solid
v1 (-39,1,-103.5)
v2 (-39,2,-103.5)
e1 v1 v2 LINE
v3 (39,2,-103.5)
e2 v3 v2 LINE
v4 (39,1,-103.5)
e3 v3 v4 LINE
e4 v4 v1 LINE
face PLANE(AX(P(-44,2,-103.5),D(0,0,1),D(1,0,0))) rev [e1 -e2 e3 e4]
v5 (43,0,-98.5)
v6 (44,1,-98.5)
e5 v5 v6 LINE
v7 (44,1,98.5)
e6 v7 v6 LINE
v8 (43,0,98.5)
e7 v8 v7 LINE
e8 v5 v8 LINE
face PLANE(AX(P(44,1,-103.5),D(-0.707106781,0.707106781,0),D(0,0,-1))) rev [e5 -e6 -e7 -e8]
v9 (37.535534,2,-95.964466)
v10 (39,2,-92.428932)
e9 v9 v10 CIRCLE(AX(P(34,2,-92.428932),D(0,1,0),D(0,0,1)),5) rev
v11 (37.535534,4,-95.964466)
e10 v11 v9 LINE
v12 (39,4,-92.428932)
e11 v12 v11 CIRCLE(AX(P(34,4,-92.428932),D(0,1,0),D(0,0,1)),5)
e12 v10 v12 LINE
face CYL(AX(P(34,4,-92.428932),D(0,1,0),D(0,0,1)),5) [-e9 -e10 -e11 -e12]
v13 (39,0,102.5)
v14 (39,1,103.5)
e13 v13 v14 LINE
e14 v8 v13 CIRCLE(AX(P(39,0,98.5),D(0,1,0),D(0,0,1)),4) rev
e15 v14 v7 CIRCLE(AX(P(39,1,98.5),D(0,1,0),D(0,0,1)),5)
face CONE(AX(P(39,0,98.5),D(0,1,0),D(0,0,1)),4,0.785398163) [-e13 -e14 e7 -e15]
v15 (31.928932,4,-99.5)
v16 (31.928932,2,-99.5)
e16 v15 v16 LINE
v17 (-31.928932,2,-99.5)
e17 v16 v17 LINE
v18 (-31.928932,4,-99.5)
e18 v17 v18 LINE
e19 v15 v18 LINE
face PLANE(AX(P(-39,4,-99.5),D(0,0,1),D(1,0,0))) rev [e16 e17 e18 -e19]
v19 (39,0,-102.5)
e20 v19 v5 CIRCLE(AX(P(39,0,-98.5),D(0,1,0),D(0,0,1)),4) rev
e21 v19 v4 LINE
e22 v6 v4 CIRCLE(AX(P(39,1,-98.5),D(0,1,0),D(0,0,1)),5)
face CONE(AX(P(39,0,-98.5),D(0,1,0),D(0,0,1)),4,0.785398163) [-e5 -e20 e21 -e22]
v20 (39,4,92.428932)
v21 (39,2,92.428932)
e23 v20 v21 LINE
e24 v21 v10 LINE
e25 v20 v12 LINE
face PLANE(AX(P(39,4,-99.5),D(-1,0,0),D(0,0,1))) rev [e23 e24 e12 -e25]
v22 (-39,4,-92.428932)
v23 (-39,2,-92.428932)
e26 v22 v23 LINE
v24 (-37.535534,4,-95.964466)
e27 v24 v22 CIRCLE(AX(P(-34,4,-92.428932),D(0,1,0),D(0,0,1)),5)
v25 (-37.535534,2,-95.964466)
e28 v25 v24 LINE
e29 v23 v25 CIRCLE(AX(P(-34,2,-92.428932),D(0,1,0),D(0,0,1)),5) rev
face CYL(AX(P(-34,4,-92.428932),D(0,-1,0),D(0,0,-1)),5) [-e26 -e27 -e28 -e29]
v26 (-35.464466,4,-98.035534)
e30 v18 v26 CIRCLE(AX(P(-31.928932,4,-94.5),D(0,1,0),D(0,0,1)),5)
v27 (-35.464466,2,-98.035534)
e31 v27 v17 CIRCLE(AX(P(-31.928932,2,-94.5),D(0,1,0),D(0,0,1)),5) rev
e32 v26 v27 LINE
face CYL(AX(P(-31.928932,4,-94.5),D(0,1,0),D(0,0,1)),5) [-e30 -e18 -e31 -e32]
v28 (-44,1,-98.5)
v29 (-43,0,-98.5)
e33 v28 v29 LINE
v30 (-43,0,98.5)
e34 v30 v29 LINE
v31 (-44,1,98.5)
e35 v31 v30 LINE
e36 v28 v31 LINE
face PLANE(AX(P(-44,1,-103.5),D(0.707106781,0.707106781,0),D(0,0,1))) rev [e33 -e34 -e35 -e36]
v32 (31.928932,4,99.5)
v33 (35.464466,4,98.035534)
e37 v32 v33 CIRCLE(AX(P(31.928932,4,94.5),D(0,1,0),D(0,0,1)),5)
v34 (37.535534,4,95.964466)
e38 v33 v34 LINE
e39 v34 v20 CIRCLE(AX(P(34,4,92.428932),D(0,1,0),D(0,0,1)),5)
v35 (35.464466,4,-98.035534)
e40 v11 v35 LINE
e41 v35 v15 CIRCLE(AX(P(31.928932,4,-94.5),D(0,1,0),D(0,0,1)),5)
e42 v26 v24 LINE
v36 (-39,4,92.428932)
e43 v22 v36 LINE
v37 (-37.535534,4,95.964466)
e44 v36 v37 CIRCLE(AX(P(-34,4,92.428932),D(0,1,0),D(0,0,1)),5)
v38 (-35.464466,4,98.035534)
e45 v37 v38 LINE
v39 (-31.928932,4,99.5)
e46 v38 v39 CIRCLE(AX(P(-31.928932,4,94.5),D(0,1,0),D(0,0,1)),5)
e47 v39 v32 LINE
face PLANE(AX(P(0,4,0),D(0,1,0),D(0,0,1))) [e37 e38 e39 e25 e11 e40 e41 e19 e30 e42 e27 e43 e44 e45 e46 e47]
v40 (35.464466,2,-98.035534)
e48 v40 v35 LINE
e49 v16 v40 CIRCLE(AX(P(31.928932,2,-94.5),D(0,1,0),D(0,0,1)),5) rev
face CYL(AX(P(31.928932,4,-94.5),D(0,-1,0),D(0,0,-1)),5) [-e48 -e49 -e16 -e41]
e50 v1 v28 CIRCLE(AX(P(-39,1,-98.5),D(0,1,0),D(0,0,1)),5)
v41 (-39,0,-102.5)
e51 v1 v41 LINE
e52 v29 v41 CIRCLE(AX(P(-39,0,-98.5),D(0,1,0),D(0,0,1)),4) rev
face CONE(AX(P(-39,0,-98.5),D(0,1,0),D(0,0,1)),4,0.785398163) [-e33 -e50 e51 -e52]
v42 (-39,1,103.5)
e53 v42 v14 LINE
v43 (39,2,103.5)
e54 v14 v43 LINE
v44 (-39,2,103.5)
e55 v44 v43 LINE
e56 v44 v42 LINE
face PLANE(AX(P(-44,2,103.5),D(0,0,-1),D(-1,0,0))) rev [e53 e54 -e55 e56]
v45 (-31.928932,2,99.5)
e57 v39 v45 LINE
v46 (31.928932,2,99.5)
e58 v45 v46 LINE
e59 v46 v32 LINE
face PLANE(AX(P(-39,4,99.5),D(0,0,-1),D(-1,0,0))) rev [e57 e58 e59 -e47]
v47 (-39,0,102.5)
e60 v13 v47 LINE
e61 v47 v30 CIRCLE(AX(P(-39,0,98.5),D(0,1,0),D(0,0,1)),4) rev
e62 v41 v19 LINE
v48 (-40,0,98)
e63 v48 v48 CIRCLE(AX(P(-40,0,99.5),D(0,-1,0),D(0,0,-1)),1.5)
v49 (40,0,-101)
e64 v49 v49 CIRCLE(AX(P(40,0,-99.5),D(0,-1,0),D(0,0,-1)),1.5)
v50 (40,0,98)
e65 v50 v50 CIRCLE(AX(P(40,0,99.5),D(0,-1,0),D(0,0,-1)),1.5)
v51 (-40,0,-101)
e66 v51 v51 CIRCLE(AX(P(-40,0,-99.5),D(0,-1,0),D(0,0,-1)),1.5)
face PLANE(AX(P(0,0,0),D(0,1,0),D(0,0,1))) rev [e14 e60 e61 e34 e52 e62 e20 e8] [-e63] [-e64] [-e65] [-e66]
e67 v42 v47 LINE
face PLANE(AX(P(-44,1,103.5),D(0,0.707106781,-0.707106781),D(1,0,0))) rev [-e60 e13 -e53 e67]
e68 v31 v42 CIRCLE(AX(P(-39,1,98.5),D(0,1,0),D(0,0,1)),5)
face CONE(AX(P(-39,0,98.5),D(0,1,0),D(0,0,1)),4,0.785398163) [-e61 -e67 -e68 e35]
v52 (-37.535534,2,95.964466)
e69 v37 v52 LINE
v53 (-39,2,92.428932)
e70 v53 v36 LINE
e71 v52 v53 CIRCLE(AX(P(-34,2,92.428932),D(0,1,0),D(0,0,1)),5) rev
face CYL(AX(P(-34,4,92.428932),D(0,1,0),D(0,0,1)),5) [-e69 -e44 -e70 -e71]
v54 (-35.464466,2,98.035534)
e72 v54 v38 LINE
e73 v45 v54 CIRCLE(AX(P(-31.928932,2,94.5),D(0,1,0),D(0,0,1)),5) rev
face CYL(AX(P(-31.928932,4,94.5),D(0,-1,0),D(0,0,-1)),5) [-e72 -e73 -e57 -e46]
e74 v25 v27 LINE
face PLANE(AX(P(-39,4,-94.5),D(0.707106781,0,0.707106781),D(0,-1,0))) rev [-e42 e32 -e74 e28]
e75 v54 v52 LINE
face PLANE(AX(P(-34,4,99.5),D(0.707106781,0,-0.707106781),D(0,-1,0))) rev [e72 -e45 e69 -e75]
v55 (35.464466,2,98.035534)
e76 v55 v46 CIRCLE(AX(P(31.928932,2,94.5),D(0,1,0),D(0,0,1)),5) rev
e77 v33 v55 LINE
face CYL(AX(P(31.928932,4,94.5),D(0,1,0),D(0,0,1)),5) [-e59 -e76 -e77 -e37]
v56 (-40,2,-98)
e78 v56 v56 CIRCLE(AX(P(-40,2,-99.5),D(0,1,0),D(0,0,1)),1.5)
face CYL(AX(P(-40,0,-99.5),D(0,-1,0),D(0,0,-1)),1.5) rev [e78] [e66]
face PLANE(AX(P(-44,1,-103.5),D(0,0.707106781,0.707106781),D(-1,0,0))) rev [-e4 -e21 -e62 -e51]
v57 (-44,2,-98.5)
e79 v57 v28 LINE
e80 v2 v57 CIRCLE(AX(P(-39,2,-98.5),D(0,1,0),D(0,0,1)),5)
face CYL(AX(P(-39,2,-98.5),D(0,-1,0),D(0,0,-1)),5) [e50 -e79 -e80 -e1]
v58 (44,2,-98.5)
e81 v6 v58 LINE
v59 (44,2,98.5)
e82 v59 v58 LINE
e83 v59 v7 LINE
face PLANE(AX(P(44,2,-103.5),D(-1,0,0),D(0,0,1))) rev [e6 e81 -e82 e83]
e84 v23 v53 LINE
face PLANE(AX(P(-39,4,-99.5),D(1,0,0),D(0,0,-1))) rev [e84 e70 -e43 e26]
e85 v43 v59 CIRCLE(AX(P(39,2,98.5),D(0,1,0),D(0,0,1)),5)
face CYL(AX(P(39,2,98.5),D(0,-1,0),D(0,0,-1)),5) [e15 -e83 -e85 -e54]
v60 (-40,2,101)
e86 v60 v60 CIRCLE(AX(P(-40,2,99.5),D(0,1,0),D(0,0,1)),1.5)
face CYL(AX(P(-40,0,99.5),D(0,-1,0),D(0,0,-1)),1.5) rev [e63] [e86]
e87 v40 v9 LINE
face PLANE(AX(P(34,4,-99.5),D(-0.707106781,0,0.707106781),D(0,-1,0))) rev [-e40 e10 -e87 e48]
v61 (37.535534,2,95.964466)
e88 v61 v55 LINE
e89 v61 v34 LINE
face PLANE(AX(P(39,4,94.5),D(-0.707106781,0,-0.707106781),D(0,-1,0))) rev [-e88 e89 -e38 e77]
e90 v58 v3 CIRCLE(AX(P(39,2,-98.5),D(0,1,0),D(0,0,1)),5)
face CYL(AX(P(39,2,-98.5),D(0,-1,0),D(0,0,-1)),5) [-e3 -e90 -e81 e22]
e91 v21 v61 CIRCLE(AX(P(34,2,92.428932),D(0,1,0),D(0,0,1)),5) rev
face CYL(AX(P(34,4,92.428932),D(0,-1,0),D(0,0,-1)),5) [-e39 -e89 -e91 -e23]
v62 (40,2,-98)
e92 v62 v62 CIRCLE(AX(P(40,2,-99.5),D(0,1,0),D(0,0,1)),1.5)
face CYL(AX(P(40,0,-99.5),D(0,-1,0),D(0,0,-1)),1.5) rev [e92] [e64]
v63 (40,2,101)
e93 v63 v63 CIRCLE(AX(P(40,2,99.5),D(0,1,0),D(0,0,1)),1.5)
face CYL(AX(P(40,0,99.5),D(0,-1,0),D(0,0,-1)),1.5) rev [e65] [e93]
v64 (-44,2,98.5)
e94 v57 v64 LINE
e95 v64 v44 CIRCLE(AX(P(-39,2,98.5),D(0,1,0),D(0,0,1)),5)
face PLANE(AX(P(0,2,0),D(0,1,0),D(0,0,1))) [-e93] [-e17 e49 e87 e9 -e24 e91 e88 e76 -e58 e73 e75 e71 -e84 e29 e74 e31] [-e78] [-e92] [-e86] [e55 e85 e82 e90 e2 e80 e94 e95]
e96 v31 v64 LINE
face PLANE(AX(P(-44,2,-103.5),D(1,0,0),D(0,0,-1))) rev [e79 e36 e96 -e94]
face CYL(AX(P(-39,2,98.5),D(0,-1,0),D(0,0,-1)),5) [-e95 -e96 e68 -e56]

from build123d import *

# Parameters (mm, degrees)
SKETCH1_W                 = 88
SKETCH1_H                 = 207
BOSS_EXTRUDE1_DEPTH       = 2
SKETCH2_W                 = 78
SKETCH2_H                 = 199
BOSS_EXTRUDE2_DEPTH       = 2
CHAMFER1_SIZE             = 5
FILLET1_R                 = 5
F_3_0MM_DOWEL_HOLE1_D     = 3
F_3_0MM_DOWEL_HOLE1_DEPTH = 17.29
F_3_0MM_DOWEL_HOLE1_TIP   = 0.901290929
CHAMFER2_SIZE             = 1


with BuildPart() as part:
    # Sketch1 → Boss-Extrude1 (new body)
    with BuildSketch(Plane(origin=(0, 0, 0), x_dir=(1, 0, 0), z_dir=(0, 1, 0))):
        Rectangle(SKETCH1_W, SKETCH1_H)
    extrude(amount=BOSS_EXTRUDE1_DEPTH)

    # Sketch2 → Boss-Extrude2 (add)
    with BuildSketch(Plane(origin=(0, 2, 0), x_dir=(1, 0, 0), z_dir=(0, 1, 0))):
        Rectangle(SKETCH2_W, SKETCH2_H)
    extrude(amount=BOSS_EXTRUDE2_DEPTH)

    # Chamfer1
    chamfer1_edges = [part.edges().sort_by_distance(p)[0] for p in [
        (39, 3, 99.5),
        (39, 3, -99.5),
        (-39, 3, -99.5),
        (-39, 3, 99.5),
    ]]
    chamfer(chamfer1_edges, length=CHAMFER1_SIZE)

    # Fillet1
    fillet1_edges = [part.edges().sort_by_distance(p)[0] for p in [
        (-39, 3, 94.5),
        (-39, 3, -94.5),
        (34, 3, -99.5),
        (-34, 3, -99.5),
        (39, 3, 94.5),
        (39, 3, -94.5),
        (34, 3, 99.5),
        (-34, 3, 99.5),
        (44, 1, 103.5),
        (-44, 1, 103.5),
        (-44, 1, -103.5),
        (44, 1, -103.5),
    ]]
    fillet(fillet1_edges, radius=FILLET1_R)

    # Ø3.0mm Dowel Hole1
    with Locations(Plane(origin=(0, 0, 0), x_dir=(-1, 0, 0), z_dir=(0, -1, 0))):
        with Locations((-40, 99.5), (40, 99.5), (40, -99.5), (-40, -99.5)):
            Hole(F_3_0MM_DOWEL_HOLE1_D / 2, depth=F_3_0MM_DOWEL_HOLE1_DEPTH)
            with Locations((0, 0, -(F_3_0MM_DOWEL_HOLE1_DEPTH + F_3_0MM_DOWEL_HOLE1_TIP / 2))):  # 118° drill point
                Cone(0, F_3_0MM_DOWEL_HOLE1_D / 2, F_3_0MM_DOWEL_HOLE1_TIP, mode=Mode.SUBTRACT)

    # Chamfer2
    chamfer2_edges = [part.edges().sort_by_distance(p)[0] for p in [
        (0, 0, 103.5),
        (44, 0, 0),
        (-44, 0, 0),
        (0, 0, -103.5),
        (-42.535533906, 0, -102.035533906),
        (42.535533906, 0, -102.035533906),
        (42.535533906, 0, 102.035533906),
        (-42.535533906, 0, 102.035533906),
    ]]
    chamfer(chamfer2_edges, length=CHAMFER2_SIZE)


solid = part.part
